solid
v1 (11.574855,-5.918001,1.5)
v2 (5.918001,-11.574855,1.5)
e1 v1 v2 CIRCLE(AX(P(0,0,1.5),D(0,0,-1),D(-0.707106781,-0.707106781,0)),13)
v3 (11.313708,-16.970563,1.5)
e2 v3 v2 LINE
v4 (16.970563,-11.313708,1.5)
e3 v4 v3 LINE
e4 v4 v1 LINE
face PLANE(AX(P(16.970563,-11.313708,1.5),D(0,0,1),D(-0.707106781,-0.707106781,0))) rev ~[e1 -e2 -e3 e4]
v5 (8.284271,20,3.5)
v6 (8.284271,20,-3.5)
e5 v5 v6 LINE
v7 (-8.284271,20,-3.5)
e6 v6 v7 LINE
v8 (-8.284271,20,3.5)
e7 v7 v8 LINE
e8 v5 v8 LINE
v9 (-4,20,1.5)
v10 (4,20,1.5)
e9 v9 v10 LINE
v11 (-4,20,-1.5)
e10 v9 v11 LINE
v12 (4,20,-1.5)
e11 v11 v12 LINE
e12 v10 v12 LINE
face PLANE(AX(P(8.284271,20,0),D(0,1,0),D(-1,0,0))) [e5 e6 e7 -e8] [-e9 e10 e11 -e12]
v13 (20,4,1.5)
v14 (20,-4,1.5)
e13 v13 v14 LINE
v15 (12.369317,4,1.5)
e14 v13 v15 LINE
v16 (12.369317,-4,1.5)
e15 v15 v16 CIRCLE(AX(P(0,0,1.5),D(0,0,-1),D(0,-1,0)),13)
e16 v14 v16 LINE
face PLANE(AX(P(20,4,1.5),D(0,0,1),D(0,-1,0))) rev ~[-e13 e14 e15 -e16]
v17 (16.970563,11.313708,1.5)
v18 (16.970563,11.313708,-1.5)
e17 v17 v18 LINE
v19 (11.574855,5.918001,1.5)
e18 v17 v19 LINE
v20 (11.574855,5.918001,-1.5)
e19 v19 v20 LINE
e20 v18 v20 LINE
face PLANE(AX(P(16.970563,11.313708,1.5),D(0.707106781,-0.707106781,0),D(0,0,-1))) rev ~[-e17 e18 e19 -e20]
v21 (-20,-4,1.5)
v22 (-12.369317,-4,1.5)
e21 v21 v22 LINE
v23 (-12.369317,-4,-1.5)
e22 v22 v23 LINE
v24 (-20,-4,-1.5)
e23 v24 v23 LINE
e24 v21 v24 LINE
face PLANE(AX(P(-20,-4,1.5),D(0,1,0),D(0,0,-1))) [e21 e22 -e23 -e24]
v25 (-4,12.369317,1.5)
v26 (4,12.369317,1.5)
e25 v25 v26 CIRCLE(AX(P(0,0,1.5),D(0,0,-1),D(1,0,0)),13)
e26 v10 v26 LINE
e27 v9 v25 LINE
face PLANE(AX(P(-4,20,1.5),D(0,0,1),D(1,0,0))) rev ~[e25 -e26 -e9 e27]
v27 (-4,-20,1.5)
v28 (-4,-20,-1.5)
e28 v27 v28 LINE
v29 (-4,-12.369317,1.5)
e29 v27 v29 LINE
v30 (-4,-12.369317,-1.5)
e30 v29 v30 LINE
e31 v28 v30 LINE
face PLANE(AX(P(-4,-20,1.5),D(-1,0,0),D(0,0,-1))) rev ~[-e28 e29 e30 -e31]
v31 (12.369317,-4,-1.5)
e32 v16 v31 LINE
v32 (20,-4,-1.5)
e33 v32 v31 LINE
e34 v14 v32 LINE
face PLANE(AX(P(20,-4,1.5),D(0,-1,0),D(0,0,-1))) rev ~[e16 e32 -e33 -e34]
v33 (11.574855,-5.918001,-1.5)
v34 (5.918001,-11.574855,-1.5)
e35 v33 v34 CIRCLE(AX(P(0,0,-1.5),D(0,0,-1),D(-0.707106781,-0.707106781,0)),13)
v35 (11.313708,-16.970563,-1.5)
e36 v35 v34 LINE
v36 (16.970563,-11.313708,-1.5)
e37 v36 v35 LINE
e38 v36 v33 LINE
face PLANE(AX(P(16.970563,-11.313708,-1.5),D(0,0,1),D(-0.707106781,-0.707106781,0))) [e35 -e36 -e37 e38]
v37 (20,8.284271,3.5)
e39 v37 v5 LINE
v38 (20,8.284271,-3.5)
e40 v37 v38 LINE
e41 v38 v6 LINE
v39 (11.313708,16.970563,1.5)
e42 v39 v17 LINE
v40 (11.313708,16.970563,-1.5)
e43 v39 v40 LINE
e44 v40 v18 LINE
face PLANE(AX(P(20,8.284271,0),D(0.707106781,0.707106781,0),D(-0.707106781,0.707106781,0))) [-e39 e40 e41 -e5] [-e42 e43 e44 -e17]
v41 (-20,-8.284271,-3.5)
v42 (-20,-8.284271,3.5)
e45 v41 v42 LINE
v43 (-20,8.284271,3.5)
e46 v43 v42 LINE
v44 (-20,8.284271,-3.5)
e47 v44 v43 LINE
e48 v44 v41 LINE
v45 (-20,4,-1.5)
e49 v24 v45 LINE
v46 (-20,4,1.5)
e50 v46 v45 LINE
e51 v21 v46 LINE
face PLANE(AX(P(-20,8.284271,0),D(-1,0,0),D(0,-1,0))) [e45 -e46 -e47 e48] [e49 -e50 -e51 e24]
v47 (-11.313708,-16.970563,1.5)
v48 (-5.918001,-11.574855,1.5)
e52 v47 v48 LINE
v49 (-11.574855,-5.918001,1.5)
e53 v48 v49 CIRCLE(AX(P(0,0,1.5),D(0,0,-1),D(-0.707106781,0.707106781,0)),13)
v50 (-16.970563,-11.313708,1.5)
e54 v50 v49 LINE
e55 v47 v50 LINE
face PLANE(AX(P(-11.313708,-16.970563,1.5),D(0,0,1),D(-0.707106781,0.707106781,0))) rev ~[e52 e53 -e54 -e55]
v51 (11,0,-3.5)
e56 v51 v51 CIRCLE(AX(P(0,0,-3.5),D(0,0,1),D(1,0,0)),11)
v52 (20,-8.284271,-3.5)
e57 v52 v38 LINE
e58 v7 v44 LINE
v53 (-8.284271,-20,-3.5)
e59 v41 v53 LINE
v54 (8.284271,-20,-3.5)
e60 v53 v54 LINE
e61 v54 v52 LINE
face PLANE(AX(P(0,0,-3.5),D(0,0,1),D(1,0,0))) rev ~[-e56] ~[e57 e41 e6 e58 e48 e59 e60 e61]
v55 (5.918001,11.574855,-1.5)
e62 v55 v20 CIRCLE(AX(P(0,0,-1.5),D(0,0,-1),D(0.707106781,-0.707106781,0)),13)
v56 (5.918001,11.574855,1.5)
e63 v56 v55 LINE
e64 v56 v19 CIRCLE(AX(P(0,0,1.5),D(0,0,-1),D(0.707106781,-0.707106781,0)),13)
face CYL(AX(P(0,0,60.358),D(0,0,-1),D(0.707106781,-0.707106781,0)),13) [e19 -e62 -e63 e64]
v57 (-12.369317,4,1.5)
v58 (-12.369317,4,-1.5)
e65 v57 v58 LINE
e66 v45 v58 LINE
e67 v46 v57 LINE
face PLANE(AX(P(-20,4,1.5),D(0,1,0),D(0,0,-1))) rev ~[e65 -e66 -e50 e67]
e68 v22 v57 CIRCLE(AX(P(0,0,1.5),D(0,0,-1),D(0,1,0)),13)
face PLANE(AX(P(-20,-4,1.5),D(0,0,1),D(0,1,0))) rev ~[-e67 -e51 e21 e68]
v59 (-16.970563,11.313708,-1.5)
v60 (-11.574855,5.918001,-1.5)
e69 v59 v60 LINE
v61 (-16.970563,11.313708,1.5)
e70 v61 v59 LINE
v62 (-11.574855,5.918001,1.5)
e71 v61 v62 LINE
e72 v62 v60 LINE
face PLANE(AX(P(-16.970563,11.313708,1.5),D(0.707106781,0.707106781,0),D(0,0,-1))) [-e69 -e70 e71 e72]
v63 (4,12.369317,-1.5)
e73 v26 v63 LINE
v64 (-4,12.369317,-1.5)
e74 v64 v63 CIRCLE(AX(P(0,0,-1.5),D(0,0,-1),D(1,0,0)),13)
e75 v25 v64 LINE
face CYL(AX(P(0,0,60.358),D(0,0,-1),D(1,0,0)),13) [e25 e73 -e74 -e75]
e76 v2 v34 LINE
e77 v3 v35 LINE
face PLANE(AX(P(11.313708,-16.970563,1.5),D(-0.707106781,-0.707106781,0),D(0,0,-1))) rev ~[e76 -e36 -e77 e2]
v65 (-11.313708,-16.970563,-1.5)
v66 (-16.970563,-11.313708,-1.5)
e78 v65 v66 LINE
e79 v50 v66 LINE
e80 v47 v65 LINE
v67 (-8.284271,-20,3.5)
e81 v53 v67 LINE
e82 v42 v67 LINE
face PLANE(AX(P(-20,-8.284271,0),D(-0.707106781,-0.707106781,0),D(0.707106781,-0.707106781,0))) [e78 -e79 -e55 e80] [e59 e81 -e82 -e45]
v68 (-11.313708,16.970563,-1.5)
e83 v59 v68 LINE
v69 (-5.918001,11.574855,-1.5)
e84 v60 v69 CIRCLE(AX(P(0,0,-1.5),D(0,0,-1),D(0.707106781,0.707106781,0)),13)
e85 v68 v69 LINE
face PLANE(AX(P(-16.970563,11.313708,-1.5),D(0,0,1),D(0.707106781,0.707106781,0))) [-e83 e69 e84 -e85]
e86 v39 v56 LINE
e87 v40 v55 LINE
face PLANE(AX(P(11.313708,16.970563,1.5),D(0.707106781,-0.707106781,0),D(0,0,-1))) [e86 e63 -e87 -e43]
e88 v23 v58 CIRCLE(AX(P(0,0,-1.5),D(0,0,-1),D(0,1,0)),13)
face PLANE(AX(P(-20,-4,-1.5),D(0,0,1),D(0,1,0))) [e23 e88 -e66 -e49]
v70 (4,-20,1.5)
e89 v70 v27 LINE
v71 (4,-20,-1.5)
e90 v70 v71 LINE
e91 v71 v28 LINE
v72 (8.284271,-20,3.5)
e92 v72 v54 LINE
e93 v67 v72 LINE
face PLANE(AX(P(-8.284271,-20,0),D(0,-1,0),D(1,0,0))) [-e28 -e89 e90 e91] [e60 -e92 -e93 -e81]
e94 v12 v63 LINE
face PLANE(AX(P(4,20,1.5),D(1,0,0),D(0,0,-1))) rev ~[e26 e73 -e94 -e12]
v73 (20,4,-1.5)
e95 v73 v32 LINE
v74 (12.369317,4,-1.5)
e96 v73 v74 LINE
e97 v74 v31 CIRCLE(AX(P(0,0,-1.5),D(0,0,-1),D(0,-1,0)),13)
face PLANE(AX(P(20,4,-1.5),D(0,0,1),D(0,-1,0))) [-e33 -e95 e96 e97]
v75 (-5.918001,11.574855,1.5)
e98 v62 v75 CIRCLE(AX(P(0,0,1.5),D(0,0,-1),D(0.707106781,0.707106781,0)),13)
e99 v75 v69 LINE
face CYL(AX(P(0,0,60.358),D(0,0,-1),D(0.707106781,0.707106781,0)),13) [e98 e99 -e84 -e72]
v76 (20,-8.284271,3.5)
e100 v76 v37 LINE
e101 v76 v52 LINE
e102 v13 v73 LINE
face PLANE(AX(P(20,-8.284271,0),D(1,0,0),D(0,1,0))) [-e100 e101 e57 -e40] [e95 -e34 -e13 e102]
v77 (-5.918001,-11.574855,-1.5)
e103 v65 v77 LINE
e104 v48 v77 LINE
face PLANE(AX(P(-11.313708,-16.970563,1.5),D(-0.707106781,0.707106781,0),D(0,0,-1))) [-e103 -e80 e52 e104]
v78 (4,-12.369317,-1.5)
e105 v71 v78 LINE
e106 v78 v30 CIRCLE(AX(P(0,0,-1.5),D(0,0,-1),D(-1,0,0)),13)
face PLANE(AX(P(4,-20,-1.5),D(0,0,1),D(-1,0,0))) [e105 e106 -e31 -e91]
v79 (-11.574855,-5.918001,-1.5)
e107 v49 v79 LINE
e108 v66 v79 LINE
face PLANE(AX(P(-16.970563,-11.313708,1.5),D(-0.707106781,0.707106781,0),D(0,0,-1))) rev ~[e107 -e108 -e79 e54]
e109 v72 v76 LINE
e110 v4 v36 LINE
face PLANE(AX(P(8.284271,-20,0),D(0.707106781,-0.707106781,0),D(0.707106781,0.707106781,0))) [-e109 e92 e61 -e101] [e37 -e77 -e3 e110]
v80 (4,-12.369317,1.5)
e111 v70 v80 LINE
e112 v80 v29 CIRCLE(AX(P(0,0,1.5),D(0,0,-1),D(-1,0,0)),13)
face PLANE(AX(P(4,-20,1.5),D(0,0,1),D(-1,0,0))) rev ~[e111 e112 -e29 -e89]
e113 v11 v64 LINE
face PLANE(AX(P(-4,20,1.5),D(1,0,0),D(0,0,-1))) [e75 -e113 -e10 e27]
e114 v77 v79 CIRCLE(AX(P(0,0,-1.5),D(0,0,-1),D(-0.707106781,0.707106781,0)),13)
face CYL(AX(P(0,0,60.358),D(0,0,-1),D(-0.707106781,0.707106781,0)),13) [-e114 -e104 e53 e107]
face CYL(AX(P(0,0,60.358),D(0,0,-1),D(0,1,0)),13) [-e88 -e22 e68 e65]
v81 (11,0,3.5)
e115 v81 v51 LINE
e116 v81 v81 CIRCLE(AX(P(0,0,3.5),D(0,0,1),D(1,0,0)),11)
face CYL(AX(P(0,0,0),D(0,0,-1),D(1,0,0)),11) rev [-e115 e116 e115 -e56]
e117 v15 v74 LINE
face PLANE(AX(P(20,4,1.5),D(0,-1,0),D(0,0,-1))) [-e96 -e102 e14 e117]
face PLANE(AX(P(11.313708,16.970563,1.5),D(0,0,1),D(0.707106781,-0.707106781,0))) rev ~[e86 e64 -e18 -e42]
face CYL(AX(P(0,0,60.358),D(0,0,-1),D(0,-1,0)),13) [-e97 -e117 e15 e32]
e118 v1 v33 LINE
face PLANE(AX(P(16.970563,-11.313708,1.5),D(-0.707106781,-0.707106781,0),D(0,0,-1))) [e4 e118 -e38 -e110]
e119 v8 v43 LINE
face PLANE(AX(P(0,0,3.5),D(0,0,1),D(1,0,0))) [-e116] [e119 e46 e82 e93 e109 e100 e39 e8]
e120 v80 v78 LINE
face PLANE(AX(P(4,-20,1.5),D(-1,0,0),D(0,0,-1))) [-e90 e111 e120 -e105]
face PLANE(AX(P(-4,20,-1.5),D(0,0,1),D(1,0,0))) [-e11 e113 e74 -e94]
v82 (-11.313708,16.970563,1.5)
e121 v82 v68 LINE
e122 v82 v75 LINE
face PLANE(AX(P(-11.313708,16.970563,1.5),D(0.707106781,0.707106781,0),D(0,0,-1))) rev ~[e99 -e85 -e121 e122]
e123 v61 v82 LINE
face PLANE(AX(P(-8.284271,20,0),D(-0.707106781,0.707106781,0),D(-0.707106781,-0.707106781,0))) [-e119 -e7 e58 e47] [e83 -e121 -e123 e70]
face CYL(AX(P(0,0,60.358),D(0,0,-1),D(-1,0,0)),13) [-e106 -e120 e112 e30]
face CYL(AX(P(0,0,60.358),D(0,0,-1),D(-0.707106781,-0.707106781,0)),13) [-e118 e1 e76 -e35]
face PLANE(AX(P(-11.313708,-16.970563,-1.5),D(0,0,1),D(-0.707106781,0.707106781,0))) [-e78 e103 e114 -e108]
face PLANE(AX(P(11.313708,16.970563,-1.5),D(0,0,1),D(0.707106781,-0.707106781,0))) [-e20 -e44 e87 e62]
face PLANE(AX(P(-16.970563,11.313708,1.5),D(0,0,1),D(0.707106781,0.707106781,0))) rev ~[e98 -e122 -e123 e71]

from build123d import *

# Parameters (mm, degrees)
SKETCH1_R               = 11
BOSS_EXTRUDE1_DEPTH     = 3.5
CUT_EXTRUDE3_REACH      = 46.858
CUT_EXTRUDE3_END_RADIUS = 13
SKETCH2_W               = 8
SKETCH2_H               = 3
CIRPATTERN1_COUNT       = 8


with BuildPart() as part:
    # Sketch1 → Boss-Extrude1 (new, symmetric)
    with BuildSketch(Plane.XY):
        Polygon((8.284271247, 20), (-8.284271247, 20), (-20, 8.284271247), (-20, -8.284271247), (-8.284271247, -20), (8.284271247, -20), (20, -8.284271247), (20, 8.284271247), align=None)
        Circle(SKETCH1_R, mode=Mode.SUBTRACT)
    extrude(amount=BOSS_EXTRUDE1_DEPTH, both=True)

    # Cut-Extrude3: up to this cylinder (the profile starts outside it)
    cut_extrude3_end = Plane(origin=(0, 0, 0), z_dir=(0, 0, -1)) * Cylinder(CUT_EXTRUDE3_END_RADIUS, 120.716, mode=Mode.PRIVATE)
    # Sketch2 → Cut-Extrude3 (cut, up to the surface)
    with BuildSketch(Plane(origin=(0, -20, 0), x_dir=(-1, 0, 0), z_dir=(0, -1, 0)), mode=Mode.PRIVATE) as cut_extrude3_sk1:
        Rectangle(SKETCH2_W, SKETCH2_H)
    cut_extrude3_tool1 = extrude(cut_extrude3_sk1.sketch, amount=-CUT_EXTRUDE3_REACH, mode=Mode.PRIVATE) - cut_extrude3_end
    cut_extrude3 = cut_extrude3_tool1.solids().sort_by_distance((0, -20, 0))[0]
    add(cut_extrude3, mode=Mode.SUBTRACT)

    # CirPattern1: Cut-Extrude3 ×8 about axis
    cirpattern1_axis = Axis((0, 0, 0), (0, 0, 1))
    for i in range(1, CIRPATTERN1_COUNT):
        add(cut_extrude3.rotate(cirpattern1_axis, i * 360 / CIRPATTERN1_COUNT), mode=Mode.SUBTRACT)


solid = part.part
